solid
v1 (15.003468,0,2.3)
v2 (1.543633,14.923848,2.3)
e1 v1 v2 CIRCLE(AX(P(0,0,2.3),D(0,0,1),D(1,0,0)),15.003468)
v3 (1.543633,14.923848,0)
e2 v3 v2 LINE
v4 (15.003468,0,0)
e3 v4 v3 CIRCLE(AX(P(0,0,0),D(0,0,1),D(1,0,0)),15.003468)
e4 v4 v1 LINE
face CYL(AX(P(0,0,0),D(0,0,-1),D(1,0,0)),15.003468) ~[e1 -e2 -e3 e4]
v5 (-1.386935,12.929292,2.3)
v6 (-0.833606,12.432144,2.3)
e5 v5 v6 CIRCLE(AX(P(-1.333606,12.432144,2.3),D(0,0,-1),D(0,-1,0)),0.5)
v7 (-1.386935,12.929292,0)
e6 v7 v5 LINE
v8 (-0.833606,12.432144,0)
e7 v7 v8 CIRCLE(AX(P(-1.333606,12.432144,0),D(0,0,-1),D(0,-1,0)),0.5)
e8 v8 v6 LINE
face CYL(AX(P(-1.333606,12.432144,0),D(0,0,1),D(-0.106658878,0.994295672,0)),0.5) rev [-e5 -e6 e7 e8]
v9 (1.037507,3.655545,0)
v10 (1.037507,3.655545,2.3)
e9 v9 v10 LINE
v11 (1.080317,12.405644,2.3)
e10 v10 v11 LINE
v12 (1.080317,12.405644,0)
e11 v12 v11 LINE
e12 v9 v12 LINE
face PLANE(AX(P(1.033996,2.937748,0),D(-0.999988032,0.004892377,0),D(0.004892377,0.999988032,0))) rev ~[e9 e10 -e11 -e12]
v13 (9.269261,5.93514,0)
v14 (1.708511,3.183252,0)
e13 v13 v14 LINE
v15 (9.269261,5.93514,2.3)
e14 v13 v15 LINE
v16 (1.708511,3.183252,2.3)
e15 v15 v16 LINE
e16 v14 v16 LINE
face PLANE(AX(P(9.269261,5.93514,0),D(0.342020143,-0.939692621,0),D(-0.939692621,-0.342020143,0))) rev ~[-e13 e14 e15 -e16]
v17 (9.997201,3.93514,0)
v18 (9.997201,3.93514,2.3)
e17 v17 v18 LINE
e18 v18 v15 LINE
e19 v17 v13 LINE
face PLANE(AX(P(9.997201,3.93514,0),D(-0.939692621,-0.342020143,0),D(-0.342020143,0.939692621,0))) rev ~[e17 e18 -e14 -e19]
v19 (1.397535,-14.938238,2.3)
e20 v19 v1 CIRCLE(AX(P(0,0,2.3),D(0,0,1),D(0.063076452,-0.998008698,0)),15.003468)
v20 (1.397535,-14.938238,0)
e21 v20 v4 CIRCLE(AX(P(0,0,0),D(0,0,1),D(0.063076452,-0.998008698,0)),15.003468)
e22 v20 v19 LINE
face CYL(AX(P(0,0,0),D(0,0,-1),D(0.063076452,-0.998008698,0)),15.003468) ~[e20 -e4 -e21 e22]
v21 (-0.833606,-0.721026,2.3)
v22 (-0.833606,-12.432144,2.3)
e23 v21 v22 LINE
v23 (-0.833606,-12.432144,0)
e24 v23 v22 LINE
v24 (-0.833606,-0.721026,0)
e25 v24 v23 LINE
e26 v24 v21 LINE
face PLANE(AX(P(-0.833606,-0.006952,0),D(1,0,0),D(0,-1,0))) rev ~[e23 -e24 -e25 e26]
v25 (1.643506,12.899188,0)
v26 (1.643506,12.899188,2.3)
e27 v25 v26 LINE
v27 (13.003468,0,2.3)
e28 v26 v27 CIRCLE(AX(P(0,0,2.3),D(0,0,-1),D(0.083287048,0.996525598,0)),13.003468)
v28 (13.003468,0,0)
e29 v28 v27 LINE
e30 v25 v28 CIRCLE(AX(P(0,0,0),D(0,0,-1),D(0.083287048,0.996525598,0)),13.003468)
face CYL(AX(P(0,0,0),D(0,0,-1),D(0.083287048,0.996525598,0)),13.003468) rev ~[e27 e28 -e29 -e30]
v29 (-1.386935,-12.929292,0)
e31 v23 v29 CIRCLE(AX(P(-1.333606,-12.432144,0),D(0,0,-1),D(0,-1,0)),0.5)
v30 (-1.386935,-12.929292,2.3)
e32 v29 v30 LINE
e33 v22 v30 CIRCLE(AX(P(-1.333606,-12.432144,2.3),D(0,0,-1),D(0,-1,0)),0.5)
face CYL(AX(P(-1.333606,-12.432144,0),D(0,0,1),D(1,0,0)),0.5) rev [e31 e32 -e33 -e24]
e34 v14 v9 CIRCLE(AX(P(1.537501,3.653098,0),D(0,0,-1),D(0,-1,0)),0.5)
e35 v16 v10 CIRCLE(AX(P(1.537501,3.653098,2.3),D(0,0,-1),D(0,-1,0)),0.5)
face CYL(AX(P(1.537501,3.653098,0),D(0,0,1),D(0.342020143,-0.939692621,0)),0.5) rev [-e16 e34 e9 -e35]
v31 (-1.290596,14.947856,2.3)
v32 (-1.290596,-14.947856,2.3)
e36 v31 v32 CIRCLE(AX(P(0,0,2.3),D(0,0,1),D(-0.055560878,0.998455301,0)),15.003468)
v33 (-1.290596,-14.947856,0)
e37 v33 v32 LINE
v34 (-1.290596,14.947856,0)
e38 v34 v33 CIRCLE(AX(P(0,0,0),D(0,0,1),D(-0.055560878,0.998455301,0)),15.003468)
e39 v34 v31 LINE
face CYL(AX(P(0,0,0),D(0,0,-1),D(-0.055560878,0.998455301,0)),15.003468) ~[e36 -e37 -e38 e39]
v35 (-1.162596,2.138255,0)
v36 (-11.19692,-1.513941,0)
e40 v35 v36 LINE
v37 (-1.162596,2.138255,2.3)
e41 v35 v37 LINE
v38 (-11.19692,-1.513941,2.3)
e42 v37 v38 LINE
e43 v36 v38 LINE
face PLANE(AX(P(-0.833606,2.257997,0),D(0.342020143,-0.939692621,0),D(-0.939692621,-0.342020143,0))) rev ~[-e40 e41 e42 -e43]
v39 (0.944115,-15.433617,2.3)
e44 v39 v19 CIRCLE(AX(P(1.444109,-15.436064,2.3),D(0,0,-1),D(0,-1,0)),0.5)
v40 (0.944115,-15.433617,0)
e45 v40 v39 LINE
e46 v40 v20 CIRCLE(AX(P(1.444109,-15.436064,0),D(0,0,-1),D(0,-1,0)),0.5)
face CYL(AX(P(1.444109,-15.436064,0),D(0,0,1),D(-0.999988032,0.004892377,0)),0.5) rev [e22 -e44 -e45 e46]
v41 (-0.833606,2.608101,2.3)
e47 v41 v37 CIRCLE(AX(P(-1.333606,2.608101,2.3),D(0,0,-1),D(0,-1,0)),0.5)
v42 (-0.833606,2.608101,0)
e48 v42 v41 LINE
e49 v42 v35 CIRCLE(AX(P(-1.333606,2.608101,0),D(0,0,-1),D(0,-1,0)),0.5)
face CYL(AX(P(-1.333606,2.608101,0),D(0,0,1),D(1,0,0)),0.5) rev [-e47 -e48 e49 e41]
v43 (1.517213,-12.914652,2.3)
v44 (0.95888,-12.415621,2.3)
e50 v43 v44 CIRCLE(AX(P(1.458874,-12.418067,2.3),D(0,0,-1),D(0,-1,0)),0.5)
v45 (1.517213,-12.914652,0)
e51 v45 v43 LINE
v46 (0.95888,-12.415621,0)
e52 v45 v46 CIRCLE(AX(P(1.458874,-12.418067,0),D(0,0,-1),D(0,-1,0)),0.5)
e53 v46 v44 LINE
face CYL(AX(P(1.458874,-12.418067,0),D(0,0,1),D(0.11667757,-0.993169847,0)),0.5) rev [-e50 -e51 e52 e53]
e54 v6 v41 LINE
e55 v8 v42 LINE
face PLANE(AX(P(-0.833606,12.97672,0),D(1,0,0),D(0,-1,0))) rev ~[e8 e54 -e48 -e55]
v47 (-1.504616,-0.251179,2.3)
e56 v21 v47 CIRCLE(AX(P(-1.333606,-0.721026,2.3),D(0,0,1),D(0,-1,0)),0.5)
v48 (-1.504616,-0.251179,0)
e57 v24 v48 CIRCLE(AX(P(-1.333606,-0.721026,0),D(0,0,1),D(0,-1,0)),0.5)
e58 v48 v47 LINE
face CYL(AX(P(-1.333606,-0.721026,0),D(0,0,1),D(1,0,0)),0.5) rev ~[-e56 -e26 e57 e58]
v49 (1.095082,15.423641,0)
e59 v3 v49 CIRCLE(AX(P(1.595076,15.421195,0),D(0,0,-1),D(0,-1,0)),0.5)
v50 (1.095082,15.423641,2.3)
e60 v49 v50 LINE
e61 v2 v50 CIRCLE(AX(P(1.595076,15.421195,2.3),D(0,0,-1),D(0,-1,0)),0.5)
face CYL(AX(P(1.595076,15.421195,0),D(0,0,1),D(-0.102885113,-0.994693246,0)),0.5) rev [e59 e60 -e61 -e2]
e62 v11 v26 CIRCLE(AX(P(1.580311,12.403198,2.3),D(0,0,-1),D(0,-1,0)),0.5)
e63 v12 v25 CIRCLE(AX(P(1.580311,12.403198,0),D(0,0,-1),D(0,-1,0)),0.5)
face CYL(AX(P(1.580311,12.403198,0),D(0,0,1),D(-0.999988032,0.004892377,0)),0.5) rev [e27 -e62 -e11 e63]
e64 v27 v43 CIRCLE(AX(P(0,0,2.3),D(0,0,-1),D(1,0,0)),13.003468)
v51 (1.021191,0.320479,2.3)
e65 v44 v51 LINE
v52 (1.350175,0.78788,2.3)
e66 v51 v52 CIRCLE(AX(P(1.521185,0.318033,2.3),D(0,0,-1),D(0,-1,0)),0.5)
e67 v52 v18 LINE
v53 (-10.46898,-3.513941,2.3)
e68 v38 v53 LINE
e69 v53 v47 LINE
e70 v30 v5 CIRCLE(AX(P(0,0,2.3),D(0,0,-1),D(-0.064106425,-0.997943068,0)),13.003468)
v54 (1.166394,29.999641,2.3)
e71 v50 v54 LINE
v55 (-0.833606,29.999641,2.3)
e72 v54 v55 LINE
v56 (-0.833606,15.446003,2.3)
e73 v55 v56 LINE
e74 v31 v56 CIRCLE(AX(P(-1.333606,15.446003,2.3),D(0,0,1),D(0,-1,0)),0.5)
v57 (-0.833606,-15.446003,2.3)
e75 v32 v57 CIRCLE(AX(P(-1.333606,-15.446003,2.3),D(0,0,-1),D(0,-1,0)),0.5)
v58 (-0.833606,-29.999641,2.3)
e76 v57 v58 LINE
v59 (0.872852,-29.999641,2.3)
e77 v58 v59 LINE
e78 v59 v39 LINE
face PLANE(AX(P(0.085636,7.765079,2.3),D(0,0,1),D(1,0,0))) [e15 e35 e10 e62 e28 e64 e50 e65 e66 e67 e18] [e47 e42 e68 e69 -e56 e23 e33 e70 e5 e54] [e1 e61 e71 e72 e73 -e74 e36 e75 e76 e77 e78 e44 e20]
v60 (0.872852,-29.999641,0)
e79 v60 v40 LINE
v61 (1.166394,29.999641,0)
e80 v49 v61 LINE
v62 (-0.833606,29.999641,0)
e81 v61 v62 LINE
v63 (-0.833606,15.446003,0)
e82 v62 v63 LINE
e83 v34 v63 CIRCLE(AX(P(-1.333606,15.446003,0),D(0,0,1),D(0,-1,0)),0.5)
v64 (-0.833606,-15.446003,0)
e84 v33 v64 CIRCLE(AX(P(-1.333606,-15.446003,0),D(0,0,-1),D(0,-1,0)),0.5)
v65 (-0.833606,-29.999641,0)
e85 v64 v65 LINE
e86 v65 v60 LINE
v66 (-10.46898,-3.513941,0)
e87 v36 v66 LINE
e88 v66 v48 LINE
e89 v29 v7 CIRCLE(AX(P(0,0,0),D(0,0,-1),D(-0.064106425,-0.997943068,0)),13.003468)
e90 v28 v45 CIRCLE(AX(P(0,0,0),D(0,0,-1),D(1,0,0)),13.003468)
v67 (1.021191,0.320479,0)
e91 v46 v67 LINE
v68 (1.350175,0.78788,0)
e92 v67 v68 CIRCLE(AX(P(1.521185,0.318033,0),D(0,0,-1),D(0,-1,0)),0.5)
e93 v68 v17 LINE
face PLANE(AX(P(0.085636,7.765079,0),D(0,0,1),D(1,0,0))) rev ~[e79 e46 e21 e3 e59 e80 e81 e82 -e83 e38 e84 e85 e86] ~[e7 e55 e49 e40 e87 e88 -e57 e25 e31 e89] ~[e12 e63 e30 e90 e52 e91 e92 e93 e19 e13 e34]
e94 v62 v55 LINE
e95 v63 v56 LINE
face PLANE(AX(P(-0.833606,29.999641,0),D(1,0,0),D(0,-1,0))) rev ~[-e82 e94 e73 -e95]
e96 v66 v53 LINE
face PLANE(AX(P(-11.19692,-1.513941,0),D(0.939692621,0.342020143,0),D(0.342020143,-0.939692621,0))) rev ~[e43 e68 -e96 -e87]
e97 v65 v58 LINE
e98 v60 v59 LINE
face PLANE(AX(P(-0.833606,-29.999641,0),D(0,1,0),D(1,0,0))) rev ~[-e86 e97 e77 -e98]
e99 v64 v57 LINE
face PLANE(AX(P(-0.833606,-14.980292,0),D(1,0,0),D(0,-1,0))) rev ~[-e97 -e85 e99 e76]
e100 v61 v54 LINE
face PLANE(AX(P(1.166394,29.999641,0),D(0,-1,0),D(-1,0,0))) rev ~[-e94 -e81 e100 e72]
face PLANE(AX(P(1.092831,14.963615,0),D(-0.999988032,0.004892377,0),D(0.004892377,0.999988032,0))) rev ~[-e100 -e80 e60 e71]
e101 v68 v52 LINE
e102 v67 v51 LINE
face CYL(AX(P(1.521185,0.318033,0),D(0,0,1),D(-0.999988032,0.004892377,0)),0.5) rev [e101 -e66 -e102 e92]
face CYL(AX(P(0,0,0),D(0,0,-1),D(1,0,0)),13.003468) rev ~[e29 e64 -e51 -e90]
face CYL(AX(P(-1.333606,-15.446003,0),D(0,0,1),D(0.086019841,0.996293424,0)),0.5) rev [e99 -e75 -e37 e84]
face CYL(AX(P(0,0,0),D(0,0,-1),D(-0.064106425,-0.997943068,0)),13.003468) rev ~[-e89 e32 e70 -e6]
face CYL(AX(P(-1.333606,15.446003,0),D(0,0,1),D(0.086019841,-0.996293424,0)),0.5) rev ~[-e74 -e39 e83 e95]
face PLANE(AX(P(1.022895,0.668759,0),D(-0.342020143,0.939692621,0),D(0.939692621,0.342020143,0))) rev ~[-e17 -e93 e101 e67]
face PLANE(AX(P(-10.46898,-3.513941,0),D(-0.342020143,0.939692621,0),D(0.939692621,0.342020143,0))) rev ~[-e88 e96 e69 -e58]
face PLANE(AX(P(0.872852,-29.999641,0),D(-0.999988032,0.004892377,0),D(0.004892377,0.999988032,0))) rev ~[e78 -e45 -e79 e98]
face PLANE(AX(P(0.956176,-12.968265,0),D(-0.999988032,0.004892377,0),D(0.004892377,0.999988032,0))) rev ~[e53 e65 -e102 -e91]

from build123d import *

# Parameters (mm, degrees)
F1_DEPTH = 2.3
F2_R     = 0.5


with BuildPart() as f1:
    # F0 (on Top) → F1 (new body)
    with BuildSketch(Plane.XY):
        with BuildLine():
            Line((1.0339955895, 2.937748485), (1.0830204392, 12.9582884673))
            ThreePointArc((1.0830204392, 12.9582884673), (0.1250473748, 13.0028664697), (-0.8336058356, 12.9767204865))
            Line((-0.8336058356, 12.9767204865), (-0.8336058356, 2.2579971568))
            Line((-0.8336058356, 2.2579971568), (1.0339955895, 2.937748485))
        make_face()
        with BuildLine():
            Line((1.0830204392, 12.9582884673), (1.0928313692, 14.9636146647))
            ThreePointArc((1.0928313692, 14.9636146647), (0.1298807218, 15.0029055597), (-0.8336058356, 14.9802919046))
            Line((-0.8336058356, 14.9802919046), (-0.8336058356, 12.9767204865))
            ThreePointArc((-0.8336058356, 12.9767204865), (0.1250473748, 13.0028664697), (1.0830204392, 12.9582884673))
        make_face()
        with BuildLine():
            Line((1.1663941644, 29.9996409675), (0, 29.9996409675))
            Line((0, 29.9996409675), (-0.8336058356, 29.9996409675))
            Line((-0.8336058356, 29.9996409675), (-0.8336058356, 14.9802919046))
            ThreePointArc((-0.8336058356, 14.9802919046), (0.1298807218, 15.0029055597), (1.0928313692, 14.9636146647))
            Line((1.0928313692, 14.9636146647), (1.1663941644, 29.9996409675))
        make_face()
        with BuildLine():
            ThreePointArc((15.0034677404, 0), (10.9886374139, 10.2153752756), (1.0928313692, 14.9636146647))
            Line((1.0928313692, 14.9636146647), (1.0830204392, 12.9582884673))
            ThreePointArc((1.0830204392, 12.9582884673), (9.5700886782, 8.8036115297), (13.0034677404, 0))
            ThreePointArc((13.0034677404, 0), (9.526903556, -8.8503266555), (0.9561764372, -12.9682651074))
            Line((0.9561764372, -12.9682651074), (0.9463655073, -14.9735913048))
            ThreePointArc((0.9463655073, -14.9735913048), (10.9385284338, -10.2690135816), (15.0034677404, 0))
        make_face()
        with BuildLine():
            Line((-0.8336058356, 12.9767204865), (-0.8336058356, 14.9802919046))
            ThreePointArc((-0.8336058356, 14.9802919046), (-15.0034677404, 0), (-0.8336058356, -14.9802919046))
            Line((-0.8336058356, -14.9802919046), (-0.8336058356, -12.9767204865))
            ThreePointArc((-0.8336058356, -12.9767204865), (-13.0034677404, 0), (-0.8336058356, 12.9767204865))
        make_face()
        Polygon((-0.8336058356, 0), (-0.8336058356, 2.2579971568), (-11.1969202983, -1.5139408359), (-10.4689798298, -3.5139408359), (-0.8336058356, -0.0069515061), align=None)
        Polygon((9.2692607406, 5.9351398713), (1.0339955895, 2.937748485), (1.0228947059, 0.668759431), (9.9972012091, 3.9351398713), align=None)
        Polygon((1.0228947059, 0.668759431), (1.0339955895, 2.937748485), (-0.8336058356, 2.2579971568), (-0.8336058356, 0), (-0.8336058356, -0.0069515061), align=None)
        with BuildLine():
            Line((-0.8336058356, -0.0069515061), (-0.8336058356, -12.9767204865))
            ThreePointArc((-0.8336058356, -12.9767204865), (0.0614309486, -13.0033226336), (0.9561764372, -12.9682651074))
            Line((0.9561764372, -12.9682651074), (1.0228947059, 0.668759431))
            Line((1.0228947059, 0.668759431), (-0.8336058356, -0.0069515061))
        make_face()
        with BuildLine():
            Line((-0.8336058356, -12.9767204865), (-0.8336058356, -14.9802919046))
            ThreePointArc((-0.8336058356, -14.9802919046), (0.0564792918, -15.0033614342), (0.9463655073, -14.9735913048))
            Line((0.9463655073, -14.9735913048), (0.9561764372, -12.9682651074))
            ThreePointArc((0.9561764372, -12.9682651074), (0.0614309486, -13.0033226336), (-0.8336058356, -12.9767204865))
        make_face()
        with BuildLine():
            ThreePointArc((0.9463655073, -14.9735913048), (0.0564792918, -15.0033614342), (-0.8336058356, -14.9802919046))
            Line((-0.8336058356, -14.9802919046), (-0.8336058356, -29.9996409675))
            Line((-0.8336058356, -29.9996409675), (0.8728515222, -29.9996409675))
            Line((0.8728515222, -29.9996409675), (0.9463655073, -14.9735913048))
        make_face()
    extrude(amount=F1_DEPTH)

    # F2
    f2_edges = [f1.edges().sort_by_distance(p)[0] for p in [
        (-0.833606, 14.980292, 1.15),
        (1.092831, 14.963615, 1.15),
        (1.033996, 2.937748, 1.15),
        (0.956176, -12.968265, 1.15),
        (-0.833606, 2.257997, 1.15),
        (-0.833606, -12.97672, 1.15),
        (-0.833606, 12.97672, 1.15),
        (-0.833606, -0.006952, 1.15),
        (-0.833606, -14.980292, 1.15),
        (0.946366, -14.973591, 1.15),
        (1.08302, 12.958288, 1.15),
        (1.022895, 0.668759, 1.15),
    ]]
    fillet(f2_edges, radius=F2_R)


solid = f1.part
